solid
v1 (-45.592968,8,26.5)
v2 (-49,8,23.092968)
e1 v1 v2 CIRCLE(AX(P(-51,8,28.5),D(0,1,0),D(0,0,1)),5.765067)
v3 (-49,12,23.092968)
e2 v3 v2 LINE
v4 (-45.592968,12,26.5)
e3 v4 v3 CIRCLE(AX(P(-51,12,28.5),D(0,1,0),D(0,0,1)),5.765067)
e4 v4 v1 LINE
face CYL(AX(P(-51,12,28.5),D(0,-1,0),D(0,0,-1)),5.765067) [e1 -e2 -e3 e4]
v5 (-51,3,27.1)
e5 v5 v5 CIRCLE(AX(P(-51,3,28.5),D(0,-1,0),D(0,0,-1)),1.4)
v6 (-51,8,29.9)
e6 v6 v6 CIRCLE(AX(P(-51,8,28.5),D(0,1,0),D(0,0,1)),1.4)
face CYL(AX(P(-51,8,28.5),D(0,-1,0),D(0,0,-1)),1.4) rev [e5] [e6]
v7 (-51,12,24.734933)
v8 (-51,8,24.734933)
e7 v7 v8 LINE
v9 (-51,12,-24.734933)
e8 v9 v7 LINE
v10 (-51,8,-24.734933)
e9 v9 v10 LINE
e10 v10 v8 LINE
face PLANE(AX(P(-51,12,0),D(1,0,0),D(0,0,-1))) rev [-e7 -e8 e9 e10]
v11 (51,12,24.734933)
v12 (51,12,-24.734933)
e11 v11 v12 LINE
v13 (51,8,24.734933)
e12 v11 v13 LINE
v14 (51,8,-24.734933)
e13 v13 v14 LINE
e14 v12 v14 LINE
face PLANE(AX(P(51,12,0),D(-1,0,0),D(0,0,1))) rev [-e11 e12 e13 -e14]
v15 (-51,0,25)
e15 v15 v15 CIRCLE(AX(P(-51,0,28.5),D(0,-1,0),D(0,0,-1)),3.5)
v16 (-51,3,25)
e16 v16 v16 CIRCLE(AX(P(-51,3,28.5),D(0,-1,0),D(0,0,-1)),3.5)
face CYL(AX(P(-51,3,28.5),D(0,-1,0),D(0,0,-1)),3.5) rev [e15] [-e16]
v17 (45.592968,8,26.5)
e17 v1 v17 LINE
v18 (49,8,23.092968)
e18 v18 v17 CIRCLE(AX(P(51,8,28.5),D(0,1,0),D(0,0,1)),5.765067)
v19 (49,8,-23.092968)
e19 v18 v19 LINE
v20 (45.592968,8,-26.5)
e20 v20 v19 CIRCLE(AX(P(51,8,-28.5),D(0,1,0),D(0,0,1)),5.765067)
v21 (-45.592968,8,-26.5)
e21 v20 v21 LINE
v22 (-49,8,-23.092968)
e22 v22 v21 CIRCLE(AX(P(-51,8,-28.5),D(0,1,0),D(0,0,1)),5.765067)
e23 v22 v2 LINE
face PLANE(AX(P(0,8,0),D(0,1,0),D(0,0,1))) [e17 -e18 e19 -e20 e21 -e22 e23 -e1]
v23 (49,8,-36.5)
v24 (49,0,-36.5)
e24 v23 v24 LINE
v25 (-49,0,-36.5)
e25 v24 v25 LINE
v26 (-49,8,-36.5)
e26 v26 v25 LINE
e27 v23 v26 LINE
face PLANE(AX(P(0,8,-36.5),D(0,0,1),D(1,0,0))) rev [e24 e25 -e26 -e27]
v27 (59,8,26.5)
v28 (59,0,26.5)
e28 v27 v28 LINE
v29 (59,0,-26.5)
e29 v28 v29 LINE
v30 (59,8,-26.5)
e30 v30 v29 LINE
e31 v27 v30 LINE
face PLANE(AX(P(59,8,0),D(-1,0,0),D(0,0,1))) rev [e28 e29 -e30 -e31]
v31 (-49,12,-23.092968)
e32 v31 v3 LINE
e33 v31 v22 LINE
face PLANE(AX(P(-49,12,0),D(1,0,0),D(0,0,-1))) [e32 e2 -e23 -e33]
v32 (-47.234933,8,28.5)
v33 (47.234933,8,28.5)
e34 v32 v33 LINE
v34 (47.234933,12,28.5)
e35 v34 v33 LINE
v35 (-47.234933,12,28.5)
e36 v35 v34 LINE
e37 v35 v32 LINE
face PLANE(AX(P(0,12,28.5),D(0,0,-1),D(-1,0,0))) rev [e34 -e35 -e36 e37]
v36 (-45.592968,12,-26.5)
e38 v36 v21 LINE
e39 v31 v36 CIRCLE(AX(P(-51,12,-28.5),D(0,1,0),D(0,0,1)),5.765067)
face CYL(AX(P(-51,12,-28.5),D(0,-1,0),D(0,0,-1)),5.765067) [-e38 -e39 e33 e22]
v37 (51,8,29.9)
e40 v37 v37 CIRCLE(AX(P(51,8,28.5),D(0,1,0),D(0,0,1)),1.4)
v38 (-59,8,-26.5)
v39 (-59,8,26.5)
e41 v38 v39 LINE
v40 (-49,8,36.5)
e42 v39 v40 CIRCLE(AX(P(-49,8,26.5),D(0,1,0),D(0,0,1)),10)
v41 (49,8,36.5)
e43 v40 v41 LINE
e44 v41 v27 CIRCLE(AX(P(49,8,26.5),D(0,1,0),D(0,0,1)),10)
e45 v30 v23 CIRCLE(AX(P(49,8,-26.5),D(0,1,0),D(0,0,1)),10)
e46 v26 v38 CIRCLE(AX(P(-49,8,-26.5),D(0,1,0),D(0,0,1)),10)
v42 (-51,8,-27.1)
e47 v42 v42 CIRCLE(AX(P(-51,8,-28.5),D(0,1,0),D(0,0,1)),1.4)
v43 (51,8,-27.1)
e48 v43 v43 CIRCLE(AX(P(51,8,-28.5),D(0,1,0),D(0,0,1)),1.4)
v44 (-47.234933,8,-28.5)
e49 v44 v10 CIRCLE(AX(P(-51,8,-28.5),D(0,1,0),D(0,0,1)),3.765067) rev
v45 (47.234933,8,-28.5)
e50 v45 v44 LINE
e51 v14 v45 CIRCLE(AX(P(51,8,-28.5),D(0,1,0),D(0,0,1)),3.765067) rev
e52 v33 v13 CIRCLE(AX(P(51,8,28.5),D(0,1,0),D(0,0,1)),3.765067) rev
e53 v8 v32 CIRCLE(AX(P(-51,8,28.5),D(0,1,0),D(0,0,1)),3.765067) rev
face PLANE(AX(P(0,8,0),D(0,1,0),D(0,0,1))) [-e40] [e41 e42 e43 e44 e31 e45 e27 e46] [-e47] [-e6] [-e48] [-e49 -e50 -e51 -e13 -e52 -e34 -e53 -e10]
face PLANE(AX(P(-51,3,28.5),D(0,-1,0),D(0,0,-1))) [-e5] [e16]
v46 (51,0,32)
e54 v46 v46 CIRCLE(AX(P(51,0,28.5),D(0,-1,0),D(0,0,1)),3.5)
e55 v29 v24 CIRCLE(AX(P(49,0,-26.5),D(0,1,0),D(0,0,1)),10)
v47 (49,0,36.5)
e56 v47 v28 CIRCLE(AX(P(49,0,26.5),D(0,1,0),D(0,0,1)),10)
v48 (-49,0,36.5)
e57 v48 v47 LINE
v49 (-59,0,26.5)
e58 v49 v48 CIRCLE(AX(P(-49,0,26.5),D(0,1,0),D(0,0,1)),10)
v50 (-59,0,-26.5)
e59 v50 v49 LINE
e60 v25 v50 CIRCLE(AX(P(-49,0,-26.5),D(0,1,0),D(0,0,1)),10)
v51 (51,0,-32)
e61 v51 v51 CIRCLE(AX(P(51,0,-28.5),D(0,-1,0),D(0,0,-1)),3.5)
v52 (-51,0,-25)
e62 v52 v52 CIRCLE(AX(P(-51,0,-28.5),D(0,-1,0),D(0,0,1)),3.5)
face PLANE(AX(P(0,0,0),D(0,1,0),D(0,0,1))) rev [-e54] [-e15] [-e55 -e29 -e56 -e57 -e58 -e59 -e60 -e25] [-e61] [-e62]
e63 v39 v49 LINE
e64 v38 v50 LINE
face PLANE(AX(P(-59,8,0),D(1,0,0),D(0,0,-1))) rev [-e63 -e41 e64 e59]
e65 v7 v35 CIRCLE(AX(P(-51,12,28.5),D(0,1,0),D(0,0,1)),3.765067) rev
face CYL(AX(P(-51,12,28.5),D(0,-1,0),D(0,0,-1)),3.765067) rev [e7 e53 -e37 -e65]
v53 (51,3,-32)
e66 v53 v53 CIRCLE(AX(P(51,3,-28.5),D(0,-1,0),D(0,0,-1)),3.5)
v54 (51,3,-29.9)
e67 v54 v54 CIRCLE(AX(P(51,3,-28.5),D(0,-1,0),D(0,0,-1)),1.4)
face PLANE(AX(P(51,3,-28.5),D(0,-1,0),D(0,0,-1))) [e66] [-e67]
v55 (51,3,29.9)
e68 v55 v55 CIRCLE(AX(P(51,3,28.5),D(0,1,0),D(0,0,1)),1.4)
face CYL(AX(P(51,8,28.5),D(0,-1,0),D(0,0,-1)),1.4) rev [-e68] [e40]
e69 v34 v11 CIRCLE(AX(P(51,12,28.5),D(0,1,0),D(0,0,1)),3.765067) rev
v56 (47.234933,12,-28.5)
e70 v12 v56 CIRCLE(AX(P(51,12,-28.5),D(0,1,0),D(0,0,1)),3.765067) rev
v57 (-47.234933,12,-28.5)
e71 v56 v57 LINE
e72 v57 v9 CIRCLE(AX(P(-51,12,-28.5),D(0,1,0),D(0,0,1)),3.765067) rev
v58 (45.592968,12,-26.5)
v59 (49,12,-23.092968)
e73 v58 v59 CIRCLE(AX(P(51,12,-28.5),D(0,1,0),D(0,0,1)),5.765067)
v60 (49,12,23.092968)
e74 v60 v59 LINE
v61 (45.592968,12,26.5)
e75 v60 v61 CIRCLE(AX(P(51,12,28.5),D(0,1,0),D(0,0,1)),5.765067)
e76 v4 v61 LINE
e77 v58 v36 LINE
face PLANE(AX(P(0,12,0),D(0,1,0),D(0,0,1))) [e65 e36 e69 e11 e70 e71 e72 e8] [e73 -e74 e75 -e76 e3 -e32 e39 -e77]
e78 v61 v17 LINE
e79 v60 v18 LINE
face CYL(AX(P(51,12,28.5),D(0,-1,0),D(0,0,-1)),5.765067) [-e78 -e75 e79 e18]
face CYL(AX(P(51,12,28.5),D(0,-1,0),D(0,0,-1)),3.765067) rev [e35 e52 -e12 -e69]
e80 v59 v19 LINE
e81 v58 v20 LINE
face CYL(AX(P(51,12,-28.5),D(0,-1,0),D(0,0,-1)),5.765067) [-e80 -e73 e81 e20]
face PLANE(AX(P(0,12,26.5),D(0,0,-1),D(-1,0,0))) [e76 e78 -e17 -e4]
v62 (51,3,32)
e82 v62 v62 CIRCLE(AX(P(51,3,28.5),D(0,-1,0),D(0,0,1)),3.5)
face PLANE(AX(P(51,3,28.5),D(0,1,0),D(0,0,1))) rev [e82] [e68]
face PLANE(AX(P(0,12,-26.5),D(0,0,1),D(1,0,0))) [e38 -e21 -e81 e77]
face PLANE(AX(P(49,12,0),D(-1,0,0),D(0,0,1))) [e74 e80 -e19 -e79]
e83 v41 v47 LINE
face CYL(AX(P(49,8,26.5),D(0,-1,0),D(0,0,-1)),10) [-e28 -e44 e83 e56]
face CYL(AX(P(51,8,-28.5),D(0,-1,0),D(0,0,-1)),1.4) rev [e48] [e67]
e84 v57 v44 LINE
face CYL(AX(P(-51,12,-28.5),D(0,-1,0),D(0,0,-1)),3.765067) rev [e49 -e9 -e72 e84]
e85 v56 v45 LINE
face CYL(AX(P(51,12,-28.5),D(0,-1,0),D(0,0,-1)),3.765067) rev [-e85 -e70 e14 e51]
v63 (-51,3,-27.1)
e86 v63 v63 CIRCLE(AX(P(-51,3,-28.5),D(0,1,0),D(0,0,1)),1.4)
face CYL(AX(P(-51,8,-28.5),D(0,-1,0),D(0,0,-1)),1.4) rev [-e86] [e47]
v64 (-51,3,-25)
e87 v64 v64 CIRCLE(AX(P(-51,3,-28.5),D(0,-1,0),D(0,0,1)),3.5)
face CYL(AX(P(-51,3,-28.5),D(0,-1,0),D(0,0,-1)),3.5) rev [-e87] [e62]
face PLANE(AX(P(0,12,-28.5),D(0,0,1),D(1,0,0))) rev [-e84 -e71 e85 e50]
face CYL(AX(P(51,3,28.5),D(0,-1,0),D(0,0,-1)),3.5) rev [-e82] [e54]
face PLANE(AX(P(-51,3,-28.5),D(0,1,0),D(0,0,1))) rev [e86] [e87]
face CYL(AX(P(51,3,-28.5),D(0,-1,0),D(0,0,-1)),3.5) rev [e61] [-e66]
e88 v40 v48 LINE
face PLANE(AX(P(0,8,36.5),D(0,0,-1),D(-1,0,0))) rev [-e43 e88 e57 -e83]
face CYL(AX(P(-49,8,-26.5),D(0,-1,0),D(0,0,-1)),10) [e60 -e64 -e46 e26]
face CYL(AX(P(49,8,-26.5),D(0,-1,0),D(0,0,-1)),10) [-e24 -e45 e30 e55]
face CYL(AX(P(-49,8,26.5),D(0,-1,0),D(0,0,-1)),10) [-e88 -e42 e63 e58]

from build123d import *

# Parameters (mm, degrees)
SKETCH1_R           = 1.4
BOSS_EXTRUDE1_DEPTH = 8
BOSS_EXTRUDE2_DEPTH = 8
BOSS_EXTRUDE3_DEPTH = 4
SKETCH4_R           = 3.5
CUT_EXTRUDE1_DEPTH  = 3


with BuildPart() as part:
    # Sketch1 → Boss-Extrude1 (new body)
    with BuildSketch(Plane(origin=(0, 0, 0), x_dir=(1, 0, 0), z_dir=(0, 1, 0))):
        with BuildLine():
            ThreePointArc((-49, 36.5), (-56.071067812, 33.571067812), (-59, 26.5))
            Line((-59, 26.5), (-59, -26.5))
            ThreePointArc((-59, -26.5), (-56.071067812, -33.571067812), (-49, -36.5))
            Line((-49, -36.5), (49, -36.5))
            ThreePointArc((49, -36.5), (56.071067812, -33.571067812), (59, -26.5))
            Line((59, -26.5), (59, 26.5))
            ThreePointArc((59, 26.5), (56.071067812, 33.571067812), (49, 36.5))
            Line((49, 36.5), (-49, 36.5))
        make_face()
        with Locations(Location((-51, -28.5, 0), (0, 0, 270))):
            Circle(SKETCH1_R, mode=Mode.SUBTRACT)
        with Locations(Location((51, -28.5, 0), (0, 0, 270))):
            Circle(SKETCH1_R, mode=Mode.SUBTRACT)
        with Locations(Location((-51, 28.5, 0), (0, 0, 270))):
            Circle(SKETCH1_R, mode=Mode.SUBTRACT)
        with BuildLine():
            Line((43.828427125, -28.5), (-43.828427125, -28.5))
            Line((-43.828427125, -28.5), (-47.234932778, -28.5))
            ThreePointArc((-47.234932778, -28.5), (-48.337695436, -25.837695436), (-51, -24.734932778))
            Line((-51, -24.734932778), (-51, -21.328427125))
            Line((-51, -21.328427125), (-51, 21.328427125))
            Line((-51, 21.328427125), (-51, 24.734932778))
            ThreePointArc((-51, 24.734932778), (-48.337695436, 25.837695436), (-47.234932778, 28.5))
            Line((-47.234932778, 28.5), (-43.828427125, 28.5))
            Line((-43.828427125, 28.5), (43.828427125, 28.5))
            Line((43.828427125, 28.5), (47.234932778, 28.5))
            ThreePointArc((47.234932778, 28.5), (48.337695436, 25.837695436), (51, 24.734932778))
            Line((51, 24.734932778), (51, 21.328427125))
            Line((51, 21.328427125), (51, -21.328427125))
            Line((51, -21.328427125), (51, -24.734932778))
            ThreePointArc((51, -24.734932778), (48.337695436, -25.837695436), (47.234932778, -28.5))
            Line((47.234932778, -28.5), (43.828427125, -28.5))
        make_face(mode=Mode.SUBTRACT)
        with Locations(Location((51, 28.5, 0), (0, 0, 270))):
            Circle(SKETCH1_R, mode=Mode.SUBTRACT)
    extrude(amount=BOSS_EXTRUDE1_DEPTH)



with BuildPart() as body_2:
    # Sketch2 → Boss-Extrude2 (new body)
    with BuildSketch(Plane(origin=(0, 8, 0), x_dir=(1, 0, 0), z_dir=(0, 1, 0))):
        with BuildLine():
            Line((51, -24.734932778), (51, 24.734932778))
            ThreePointArc((51, 24.734932778), (48.337695436, 25.837695436), (47.234932778, 28.5))
            Line((47.234932778, 28.5), (-47.234932778, 28.5))
            ThreePointArc((-47.234932778, 28.5), (-48.337695436, 25.837695436), (-51, 24.734932778))
            Line((-51, 24.734932778), (-51, -24.734932778))
            ThreePointArc((-51, -24.734932778), (-48.337695436, -25.837695436), (-47.234932778, -28.5))
            Line((-47.234932778, -28.5), (47.234932778, -28.5))
            ThreePointArc((47.234932778, -28.5), (48.337695436, -25.837695436), (51, -24.734932778))
        make_face()
    extrude(amount=-BOSS_EXTRUDE2_DEPTH)


with BuildPart() as part_1:
    add(part.part)

    add(body_2.part)  # Boss-Extrude3 merges body 2
    # Sketch3 → Boss-Extrude3 (add)
    with BuildSketch(Plane(origin=(0, 8, 0), x_dir=(1, 0, 0), z_dir=(0, 1, 0))):
        with BuildLine():
            ThreePointArc((47.234932778, -28.5), (48.337695436, -25.837695436), (51, -24.734932778))
            Line((51, -24.734932778), (51, 24.734932778))
            ThreePointArc((51, 24.734932778), (48.337695436, 25.837695436), (47.234932778, 28.5))
            Line((47.234932778, 28.5), (-45.234932778, 28.5))
            Line((-45.234932778, 28.5), (-47.234932778, 28.5))
            ThreePointArc((-47.234932778, 28.5), (-48.337695436, 25.837695436), (-51, 24.734932778))
            Line((-51, 24.734932778), (-51, -24.734932778))
            ThreePointArc((-51, -24.734932778), (-48.337695436, -25.837695436), (-47.234932778, -28.5))
            Line((-47.234932778, -28.5), (47.234932778, -28.5))
        make_face()
        with BuildLine():
            ThreePointArc((-49, 23.092967535), (-46.923481873, 24.423481873), (-45.592967535, 26.5))
            Line((-45.592967535, 26.5), (45.592967535, 26.5))
            ThreePointArc((45.592967535, 26.5), (46.923481873, 24.423481873), (49, 23.092967535))
            Line((49, 23.092967535), (49, -23.092967535))
            ThreePointArc((49, -23.092967535), (46.923481873, -24.423481873), (45.592967535, -26.5))
            Line((45.592967535, -26.5), (-45.592967535, -26.5))
            ThreePointArc((-45.592967535, -26.5), (-46.923481873, -24.423481873), (-49, -23.092967535))
            Line((-49, -23.092967535), (-49, 23.092967535))
        make_face(mode=Mode.SUBTRACT)
    extrude(amount=BOSS_EXTRUDE3_DEPTH)

    # Sketch4 → Cut-Extrude1 (cut)
    with BuildSketch(Plane.XZ):
        with Locations(Location((-51, 28.5, 0), (0, 0, 270))):
            Circle(SKETCH4_R)
        with Locations(Location((51, 28.5, 0), (0, 0, 90))):
            Circle(SKETCH4_R)
        with Locations(Location((51, -28.5, 0), (0, 0, 270))):
            Circle(SKETCH4_R)
        with Locations(Location((-51, -28.5, 0), (0, 0, 90))):
            Circle(SKETCH4_R)
    extrude(amount=-CUT_EXTRUDE1_DEPTH, mode=Mode.SUBTRACT)


solid = part_1.part
